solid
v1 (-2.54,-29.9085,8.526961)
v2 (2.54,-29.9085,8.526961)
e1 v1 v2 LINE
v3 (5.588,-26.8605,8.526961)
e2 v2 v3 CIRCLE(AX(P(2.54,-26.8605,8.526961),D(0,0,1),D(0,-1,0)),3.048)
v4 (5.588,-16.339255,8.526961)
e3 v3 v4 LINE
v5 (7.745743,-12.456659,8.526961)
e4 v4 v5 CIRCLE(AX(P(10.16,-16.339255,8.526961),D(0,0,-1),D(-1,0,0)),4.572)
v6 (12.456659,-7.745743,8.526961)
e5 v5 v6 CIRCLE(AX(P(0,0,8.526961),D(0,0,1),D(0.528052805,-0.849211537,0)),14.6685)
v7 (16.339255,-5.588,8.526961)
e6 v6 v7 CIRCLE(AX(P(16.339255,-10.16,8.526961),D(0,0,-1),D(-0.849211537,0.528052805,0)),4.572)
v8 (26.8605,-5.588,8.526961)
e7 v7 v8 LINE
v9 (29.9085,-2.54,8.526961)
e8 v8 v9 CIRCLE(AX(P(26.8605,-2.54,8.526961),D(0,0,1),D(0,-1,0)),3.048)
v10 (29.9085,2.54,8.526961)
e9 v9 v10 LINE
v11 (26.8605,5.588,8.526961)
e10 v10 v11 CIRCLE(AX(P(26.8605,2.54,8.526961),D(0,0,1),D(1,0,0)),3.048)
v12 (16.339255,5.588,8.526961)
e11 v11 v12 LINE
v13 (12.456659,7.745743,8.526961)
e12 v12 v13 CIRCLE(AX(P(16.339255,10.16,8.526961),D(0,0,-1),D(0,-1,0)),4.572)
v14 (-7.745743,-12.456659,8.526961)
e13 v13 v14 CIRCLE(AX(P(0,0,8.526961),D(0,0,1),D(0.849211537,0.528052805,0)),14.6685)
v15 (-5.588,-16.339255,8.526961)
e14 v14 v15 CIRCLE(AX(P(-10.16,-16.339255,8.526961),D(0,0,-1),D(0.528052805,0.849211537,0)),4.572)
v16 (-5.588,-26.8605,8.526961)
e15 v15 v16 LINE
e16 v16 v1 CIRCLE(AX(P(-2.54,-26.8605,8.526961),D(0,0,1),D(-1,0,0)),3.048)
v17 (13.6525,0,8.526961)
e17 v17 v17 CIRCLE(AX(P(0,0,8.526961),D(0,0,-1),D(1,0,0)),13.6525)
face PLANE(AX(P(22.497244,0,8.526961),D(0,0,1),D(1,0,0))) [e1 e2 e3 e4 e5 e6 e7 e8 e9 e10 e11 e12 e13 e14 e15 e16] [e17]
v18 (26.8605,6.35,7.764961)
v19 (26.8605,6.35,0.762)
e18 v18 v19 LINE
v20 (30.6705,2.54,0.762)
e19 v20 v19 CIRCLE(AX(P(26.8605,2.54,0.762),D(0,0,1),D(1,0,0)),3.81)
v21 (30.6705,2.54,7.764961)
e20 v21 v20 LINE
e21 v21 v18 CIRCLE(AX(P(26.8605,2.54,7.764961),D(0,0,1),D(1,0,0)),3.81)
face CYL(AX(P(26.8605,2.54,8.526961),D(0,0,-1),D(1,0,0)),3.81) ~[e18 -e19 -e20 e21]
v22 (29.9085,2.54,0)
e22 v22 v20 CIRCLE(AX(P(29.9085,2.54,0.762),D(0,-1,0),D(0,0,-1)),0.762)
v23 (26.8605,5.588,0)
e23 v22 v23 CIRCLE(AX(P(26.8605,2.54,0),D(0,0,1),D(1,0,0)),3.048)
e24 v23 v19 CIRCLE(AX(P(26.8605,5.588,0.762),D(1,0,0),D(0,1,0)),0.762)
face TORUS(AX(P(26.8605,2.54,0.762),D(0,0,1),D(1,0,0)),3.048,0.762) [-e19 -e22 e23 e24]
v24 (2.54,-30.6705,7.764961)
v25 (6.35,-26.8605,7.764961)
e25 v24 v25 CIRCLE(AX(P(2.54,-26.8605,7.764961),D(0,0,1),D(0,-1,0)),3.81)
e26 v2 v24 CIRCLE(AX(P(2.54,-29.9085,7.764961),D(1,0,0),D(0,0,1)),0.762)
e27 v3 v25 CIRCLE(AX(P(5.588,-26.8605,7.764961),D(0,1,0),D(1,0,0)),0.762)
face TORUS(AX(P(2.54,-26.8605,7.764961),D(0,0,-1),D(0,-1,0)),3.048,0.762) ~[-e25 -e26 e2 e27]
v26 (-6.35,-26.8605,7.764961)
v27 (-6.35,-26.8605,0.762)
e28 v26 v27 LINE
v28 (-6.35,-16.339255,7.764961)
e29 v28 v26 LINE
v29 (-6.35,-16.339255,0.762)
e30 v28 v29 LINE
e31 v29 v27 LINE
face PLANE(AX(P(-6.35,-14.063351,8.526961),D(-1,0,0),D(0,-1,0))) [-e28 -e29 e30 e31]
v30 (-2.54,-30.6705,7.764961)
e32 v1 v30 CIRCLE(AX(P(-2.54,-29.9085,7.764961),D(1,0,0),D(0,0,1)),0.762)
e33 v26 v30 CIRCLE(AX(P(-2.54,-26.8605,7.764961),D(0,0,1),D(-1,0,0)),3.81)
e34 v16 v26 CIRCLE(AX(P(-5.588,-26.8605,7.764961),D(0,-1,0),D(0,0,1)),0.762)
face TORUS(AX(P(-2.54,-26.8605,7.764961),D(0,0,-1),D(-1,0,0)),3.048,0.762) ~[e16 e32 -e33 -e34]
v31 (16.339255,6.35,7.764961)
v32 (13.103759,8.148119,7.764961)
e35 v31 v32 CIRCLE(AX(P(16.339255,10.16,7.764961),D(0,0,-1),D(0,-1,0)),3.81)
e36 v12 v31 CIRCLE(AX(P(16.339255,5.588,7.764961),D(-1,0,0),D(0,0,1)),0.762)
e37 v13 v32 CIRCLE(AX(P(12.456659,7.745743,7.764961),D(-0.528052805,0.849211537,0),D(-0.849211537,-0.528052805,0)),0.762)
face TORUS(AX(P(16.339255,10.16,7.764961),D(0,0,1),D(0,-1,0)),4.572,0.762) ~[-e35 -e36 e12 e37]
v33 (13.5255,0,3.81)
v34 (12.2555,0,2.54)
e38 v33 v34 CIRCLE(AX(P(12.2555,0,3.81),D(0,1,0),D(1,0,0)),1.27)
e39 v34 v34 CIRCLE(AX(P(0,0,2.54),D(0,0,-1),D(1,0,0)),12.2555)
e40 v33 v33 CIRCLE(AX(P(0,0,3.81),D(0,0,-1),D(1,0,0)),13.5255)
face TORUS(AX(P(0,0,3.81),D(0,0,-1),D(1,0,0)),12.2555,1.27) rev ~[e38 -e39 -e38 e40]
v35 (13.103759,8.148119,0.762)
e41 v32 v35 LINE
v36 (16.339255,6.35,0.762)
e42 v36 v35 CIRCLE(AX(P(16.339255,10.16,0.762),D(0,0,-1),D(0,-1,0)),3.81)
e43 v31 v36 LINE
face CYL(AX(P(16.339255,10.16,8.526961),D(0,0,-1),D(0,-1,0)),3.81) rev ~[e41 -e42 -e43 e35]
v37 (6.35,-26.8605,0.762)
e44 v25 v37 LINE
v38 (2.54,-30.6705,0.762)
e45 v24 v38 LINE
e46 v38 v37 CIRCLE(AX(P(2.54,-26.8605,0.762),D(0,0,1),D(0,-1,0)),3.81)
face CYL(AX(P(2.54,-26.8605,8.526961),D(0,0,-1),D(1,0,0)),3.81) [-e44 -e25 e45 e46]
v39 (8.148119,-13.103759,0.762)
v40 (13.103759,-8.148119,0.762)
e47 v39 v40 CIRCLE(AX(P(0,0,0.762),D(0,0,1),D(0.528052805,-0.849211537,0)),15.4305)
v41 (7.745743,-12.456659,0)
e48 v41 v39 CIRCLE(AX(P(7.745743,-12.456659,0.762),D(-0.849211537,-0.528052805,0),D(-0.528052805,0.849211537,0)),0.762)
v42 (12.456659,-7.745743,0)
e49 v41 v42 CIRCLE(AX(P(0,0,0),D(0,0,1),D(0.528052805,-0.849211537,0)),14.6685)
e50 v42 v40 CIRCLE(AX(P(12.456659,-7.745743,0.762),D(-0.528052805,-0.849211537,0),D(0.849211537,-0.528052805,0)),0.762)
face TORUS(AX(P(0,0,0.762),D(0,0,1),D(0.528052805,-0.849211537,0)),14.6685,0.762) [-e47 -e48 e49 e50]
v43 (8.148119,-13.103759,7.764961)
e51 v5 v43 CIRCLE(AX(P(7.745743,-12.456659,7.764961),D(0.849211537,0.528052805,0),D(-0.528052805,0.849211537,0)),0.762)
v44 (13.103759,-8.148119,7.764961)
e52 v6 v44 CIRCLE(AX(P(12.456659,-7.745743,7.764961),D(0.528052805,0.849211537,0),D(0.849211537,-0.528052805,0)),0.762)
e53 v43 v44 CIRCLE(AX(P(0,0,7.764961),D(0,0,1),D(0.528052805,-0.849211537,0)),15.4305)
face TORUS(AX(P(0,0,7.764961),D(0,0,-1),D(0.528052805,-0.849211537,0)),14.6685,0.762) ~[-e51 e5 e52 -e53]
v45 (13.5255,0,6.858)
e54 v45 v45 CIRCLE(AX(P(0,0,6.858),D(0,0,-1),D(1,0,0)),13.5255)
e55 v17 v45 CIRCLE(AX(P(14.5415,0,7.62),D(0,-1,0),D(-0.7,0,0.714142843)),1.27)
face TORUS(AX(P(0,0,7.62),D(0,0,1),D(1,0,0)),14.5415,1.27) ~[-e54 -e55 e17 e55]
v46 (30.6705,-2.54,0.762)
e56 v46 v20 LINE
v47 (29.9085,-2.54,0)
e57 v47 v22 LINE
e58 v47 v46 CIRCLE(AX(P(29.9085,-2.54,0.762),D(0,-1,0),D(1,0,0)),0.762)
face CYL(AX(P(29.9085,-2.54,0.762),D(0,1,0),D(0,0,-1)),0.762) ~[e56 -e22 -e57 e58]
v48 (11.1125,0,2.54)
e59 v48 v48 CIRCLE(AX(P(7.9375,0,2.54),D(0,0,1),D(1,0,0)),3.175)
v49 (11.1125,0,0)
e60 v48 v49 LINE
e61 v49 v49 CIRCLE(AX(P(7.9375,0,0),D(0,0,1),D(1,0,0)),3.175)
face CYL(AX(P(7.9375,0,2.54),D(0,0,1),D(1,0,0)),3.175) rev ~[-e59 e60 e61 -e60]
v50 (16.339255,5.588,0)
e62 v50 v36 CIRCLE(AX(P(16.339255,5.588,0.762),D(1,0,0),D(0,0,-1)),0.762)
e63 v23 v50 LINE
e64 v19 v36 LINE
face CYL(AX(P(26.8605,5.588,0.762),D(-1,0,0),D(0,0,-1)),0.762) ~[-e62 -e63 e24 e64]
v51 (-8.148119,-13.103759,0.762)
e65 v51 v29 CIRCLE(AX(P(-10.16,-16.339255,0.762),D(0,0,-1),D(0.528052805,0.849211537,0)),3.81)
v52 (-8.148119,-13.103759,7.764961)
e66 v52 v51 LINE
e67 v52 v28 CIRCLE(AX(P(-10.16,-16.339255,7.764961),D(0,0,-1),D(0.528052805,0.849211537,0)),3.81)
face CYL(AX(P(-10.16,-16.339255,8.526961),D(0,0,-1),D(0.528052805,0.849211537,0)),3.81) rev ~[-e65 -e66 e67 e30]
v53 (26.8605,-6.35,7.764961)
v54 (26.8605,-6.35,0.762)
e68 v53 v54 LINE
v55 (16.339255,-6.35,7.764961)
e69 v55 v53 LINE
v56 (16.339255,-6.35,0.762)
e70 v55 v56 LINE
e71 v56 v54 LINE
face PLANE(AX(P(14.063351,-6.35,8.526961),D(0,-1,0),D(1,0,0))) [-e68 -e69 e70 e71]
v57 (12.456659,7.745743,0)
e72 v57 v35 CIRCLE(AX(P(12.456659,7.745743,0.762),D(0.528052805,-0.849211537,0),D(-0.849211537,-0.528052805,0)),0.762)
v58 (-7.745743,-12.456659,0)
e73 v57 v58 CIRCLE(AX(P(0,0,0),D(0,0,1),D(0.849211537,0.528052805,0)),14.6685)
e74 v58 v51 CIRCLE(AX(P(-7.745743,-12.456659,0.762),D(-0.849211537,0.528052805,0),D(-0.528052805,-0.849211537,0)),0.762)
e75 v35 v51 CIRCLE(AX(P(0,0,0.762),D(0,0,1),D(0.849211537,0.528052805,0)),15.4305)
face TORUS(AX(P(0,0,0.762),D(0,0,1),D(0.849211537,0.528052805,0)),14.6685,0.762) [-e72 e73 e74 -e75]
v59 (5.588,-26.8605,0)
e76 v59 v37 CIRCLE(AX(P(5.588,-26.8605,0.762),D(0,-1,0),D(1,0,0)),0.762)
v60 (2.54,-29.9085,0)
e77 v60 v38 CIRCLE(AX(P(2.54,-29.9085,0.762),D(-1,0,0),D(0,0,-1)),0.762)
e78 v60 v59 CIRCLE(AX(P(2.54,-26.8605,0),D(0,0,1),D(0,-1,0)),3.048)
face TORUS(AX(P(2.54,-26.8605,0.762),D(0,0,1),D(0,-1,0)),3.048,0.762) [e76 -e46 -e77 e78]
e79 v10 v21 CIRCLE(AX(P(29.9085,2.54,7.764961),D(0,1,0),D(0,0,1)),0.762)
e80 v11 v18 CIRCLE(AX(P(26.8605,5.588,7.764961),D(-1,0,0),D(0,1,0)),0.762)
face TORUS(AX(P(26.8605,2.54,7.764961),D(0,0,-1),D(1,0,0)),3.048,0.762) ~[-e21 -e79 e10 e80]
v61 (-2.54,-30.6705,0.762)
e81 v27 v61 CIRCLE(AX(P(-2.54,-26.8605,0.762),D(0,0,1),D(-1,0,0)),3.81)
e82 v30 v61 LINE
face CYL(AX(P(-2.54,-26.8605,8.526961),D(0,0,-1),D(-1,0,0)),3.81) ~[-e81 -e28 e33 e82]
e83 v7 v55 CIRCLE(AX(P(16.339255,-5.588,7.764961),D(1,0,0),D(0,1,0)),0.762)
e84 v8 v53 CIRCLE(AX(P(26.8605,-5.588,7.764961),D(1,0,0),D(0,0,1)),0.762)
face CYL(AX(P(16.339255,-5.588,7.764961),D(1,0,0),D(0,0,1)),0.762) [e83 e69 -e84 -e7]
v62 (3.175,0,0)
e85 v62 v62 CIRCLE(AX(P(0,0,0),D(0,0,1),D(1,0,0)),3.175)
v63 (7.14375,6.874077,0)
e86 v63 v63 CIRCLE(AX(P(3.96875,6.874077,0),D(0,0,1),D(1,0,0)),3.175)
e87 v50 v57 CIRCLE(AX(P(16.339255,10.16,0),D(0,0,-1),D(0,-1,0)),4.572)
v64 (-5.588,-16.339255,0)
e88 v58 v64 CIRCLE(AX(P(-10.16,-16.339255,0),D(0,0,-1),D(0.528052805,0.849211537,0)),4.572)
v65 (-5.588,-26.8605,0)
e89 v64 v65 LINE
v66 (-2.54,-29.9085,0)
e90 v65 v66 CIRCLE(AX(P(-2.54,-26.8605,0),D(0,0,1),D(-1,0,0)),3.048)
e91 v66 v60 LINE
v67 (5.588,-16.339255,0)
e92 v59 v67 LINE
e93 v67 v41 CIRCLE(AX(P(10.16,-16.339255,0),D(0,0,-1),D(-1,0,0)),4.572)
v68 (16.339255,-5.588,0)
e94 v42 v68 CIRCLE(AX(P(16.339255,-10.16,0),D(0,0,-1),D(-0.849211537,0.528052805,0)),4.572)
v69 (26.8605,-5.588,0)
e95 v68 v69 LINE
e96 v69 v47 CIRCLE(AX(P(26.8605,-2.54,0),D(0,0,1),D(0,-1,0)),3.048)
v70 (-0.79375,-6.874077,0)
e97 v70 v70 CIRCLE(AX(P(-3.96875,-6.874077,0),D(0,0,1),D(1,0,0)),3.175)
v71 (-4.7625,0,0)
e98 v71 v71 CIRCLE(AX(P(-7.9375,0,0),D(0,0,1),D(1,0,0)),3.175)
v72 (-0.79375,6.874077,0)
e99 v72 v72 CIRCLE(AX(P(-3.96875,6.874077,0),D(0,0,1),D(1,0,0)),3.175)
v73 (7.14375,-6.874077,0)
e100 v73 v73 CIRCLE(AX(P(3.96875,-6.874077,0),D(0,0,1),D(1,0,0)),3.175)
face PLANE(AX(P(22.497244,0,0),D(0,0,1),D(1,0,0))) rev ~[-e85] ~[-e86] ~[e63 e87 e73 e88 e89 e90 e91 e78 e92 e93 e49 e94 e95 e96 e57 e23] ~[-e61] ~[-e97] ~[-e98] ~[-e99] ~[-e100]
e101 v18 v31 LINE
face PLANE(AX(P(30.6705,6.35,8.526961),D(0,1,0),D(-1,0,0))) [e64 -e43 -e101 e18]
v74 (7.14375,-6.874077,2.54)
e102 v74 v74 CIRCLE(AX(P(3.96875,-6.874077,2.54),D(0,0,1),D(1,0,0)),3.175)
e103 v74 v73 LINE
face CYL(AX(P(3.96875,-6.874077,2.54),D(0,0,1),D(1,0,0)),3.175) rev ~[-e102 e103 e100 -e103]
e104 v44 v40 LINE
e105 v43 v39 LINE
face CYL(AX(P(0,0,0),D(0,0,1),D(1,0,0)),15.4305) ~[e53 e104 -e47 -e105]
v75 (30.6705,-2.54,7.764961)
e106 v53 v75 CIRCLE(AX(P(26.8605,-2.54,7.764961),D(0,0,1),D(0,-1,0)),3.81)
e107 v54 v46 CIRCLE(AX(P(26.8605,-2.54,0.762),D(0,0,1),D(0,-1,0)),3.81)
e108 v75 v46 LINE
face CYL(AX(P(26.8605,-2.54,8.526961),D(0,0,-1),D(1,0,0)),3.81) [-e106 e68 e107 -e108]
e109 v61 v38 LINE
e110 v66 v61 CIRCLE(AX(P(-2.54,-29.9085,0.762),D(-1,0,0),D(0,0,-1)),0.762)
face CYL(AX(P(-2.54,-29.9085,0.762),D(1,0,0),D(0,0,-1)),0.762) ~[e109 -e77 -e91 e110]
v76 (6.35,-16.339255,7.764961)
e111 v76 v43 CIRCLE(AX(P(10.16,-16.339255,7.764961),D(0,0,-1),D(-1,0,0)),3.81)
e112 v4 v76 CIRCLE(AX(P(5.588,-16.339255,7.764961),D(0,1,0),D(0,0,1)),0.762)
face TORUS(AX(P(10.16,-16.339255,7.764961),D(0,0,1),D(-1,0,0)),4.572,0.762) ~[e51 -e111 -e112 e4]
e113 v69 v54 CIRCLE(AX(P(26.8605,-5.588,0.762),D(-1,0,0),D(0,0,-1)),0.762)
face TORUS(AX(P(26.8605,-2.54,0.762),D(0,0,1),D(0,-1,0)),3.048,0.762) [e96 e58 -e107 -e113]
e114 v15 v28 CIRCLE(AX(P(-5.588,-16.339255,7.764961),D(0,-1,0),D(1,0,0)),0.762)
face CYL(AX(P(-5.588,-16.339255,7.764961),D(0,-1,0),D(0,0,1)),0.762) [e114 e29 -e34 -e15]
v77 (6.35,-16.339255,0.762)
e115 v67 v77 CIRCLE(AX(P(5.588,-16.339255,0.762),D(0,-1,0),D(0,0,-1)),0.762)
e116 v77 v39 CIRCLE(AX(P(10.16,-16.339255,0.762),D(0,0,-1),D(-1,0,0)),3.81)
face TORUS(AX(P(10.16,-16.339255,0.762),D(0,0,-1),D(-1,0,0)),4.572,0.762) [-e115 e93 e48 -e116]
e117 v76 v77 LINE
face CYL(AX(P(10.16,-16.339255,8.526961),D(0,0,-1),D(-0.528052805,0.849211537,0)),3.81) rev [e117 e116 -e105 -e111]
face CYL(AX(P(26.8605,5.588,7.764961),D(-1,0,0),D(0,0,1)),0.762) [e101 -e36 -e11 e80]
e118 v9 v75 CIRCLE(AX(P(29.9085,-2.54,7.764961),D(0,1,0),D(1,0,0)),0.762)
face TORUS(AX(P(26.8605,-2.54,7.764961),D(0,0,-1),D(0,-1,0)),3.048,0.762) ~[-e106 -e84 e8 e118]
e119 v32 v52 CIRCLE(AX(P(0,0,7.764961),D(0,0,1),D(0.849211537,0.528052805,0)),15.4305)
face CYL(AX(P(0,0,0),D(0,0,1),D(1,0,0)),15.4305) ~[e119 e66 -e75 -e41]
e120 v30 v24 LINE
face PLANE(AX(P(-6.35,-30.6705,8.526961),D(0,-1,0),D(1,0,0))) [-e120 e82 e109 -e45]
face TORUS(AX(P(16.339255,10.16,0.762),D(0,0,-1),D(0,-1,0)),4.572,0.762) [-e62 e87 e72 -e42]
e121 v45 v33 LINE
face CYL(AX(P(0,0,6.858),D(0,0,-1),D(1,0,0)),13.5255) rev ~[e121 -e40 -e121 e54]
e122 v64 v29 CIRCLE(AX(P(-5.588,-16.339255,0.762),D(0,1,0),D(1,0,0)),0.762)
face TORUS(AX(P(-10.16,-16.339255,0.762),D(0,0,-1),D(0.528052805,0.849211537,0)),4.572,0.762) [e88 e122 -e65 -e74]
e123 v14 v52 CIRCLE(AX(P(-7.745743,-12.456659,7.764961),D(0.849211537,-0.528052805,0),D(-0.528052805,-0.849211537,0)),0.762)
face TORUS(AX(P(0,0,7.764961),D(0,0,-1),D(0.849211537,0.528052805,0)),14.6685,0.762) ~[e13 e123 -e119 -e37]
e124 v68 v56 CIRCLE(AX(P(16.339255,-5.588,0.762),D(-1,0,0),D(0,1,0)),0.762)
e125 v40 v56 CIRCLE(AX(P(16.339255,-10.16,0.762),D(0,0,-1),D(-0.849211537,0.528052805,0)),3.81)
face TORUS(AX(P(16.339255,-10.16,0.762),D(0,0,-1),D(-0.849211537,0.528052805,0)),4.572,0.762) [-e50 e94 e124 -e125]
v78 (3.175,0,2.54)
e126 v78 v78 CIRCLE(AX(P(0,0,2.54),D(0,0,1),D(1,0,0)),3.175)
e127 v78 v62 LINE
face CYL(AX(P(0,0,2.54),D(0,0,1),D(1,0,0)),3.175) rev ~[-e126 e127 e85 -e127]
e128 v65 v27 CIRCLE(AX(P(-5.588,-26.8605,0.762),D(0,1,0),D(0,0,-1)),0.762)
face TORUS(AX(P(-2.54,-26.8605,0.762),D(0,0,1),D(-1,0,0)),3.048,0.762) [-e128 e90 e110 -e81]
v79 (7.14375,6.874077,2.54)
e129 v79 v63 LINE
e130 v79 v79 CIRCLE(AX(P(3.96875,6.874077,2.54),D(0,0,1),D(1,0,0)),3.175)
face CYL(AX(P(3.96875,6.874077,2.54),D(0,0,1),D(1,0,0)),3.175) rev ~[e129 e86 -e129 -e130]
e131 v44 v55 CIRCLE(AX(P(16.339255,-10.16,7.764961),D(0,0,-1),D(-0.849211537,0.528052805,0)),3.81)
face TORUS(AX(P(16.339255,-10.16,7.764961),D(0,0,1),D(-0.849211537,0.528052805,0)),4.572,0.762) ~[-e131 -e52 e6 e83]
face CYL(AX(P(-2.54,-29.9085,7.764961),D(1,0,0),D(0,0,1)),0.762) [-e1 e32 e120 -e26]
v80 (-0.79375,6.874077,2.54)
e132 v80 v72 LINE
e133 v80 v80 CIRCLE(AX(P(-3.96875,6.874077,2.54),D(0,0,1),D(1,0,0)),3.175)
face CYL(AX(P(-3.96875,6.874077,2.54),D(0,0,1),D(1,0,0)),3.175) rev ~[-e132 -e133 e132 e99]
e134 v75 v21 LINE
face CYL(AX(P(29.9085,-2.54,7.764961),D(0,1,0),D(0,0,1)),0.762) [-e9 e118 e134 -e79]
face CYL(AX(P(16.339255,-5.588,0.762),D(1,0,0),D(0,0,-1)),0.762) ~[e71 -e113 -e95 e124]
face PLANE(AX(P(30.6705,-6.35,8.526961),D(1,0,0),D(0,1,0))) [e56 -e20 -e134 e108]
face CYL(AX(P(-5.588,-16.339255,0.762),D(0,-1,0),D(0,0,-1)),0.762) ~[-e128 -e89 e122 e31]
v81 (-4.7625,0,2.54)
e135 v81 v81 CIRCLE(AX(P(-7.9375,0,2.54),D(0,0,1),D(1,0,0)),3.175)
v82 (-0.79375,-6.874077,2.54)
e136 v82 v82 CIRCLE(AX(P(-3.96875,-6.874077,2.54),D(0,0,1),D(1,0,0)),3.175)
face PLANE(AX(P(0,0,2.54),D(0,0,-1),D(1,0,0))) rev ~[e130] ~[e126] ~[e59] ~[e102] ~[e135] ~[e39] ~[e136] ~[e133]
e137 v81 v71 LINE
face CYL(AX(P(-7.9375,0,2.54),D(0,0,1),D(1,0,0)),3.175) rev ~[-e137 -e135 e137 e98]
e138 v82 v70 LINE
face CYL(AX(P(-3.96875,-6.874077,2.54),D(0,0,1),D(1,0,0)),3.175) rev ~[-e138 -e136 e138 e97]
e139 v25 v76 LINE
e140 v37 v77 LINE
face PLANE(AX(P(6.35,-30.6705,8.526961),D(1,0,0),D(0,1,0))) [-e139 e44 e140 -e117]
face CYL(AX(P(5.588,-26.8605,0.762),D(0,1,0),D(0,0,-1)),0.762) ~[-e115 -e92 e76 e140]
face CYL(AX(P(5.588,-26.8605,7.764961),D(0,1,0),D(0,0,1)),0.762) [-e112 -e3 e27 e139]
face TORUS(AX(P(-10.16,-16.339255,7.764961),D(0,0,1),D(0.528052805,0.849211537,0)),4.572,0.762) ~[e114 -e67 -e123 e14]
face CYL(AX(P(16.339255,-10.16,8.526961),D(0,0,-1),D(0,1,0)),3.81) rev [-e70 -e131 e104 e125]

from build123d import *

# Parameters (mm, degrees)
F3_DEPTH = 8.5269614104
F4_R     = 3.81
F5_R     = 0.762
F7_R     = 3.175
F8_DEPTH = 25.4


with BuildPart() as f1:
    # F0 (on Front) → F1 (revolve)
    with BuildSketch(Plane.XZ):
        with BuildLine():
            Line((15.4305, 0), (15.4305, 6.7130385896))
            ThreePointArc((15.4305, 6.7130385896), (14.4451376493, 6.3536610654), (13.5255, 6.858))
            Line((13.5255, 6.858), (13.5255, 3.81))
            ThreePointArc((13.5255, 3.81), (13.1535256121, 2.9119743879), (12.2555, 2.54))
            Line((12.2555, 2.54), (0, 2.54))
            Line((0, 2.54), (0, 0))
            Line((0, 0), (15.4305, 0))
        make_face()
        with BuildLine():
            ThreePointArc((13.5255, 6.858), (14.4451376493, 6.3536610654), (15.4305, 6.7130385896))
            Line((15.4305, 6.7130385896), (15.4305, 8.5269614104))
            Line((15.4305, 8.5269614104), (13.6525, 8.5269614104))
            ThreePointArc((13.6525, 8.5269614104), (13.2751610654, 7.7163623507), (13.5255, 6.858))
        make_face()
    revolve(axis=Axis((0, 0, 4.2298094004), (0, 0, -1)))

    # F2 (on face) → F3 (join, through all)
    with BuildSketch(Plane.XY.offset(8.5269614104)):
        with BuildLine():
            Line((30.6705, -6.35), (30.6705, 6.35))
            Line((30.6705, 6.35), (14.0633506054, 6.35))
            ThreePointArc((14.0633506054, 6.35), (15.4305, 0), (14.0633506054, -6.35))
            Line((14.0633506054, -6.35), (30.6705, -6.35))
        make_face()
        with BuildLine():
            Line((-6.35, -30.6705), (6.35, -30.6705))
            Line((6.35, -30.6705), (6.35, -14.0633506054))
            ThreePointArc((6.35, -14.0633506054), (0, -15.4305), (-6.35, -14.0633506054))
            Line((-6.35, -14.0633506054), (-6.35, -30.6705))
        make_face()
    extrude(amount=-F3_DEPTH)

    # F4
    f4_edges = [f1.edges().sort_by_distance(p)[0] for p in [
        (-6.35, -30.6705, 4.263481),
        (-6.35, -14.063351, 4.263481),
        (6.35, -30.6705, 4.263481),
        (6.35, -14.063351, 4.263481),
        (14.063351, -6.35, 4.263481),
        (30.6705, -6.35, 4.263481),
        (30.6705, 6.35, 4.263481),
        (14.063351, 6.35, 4.263481),
    ]]
    fillet(f4_edges, radius=F4_R)

    # F5
    f5_edges = [f1.edges().sort_by_distance(p)[0] for p in [
        (0, -30.6705, 8.526961),
        (0, -30.6705, 0),
    ]]
    fillet(f5_edges, radius=F5_R)

    # F7 (on face) → F8 (cut)
    with BuildSketch(Plane.XY.offset(2.54)):
        with Locations((-3.96875, 6.8740766425)):
            Circle(F7_R)
        Circle(F7_R)
        with Locations((-7.9375, 0)):
            Circle(F7_R)
        with Locations((-3.96875, -6.8740766425)):
            Circle(F7_R)
        with Locations((3.96875, -6.8740766425)):
            Circle(F7_R)
        with Locations((7.9375, 0)):
            Circle(F7_R)
        with Locations((3.96875, 6.8740766425)):
            Circle(F7_R)
    extrude(amount=-F8_DEPTH, mode=Mode.SUBTRACT)


solid = f1.part
